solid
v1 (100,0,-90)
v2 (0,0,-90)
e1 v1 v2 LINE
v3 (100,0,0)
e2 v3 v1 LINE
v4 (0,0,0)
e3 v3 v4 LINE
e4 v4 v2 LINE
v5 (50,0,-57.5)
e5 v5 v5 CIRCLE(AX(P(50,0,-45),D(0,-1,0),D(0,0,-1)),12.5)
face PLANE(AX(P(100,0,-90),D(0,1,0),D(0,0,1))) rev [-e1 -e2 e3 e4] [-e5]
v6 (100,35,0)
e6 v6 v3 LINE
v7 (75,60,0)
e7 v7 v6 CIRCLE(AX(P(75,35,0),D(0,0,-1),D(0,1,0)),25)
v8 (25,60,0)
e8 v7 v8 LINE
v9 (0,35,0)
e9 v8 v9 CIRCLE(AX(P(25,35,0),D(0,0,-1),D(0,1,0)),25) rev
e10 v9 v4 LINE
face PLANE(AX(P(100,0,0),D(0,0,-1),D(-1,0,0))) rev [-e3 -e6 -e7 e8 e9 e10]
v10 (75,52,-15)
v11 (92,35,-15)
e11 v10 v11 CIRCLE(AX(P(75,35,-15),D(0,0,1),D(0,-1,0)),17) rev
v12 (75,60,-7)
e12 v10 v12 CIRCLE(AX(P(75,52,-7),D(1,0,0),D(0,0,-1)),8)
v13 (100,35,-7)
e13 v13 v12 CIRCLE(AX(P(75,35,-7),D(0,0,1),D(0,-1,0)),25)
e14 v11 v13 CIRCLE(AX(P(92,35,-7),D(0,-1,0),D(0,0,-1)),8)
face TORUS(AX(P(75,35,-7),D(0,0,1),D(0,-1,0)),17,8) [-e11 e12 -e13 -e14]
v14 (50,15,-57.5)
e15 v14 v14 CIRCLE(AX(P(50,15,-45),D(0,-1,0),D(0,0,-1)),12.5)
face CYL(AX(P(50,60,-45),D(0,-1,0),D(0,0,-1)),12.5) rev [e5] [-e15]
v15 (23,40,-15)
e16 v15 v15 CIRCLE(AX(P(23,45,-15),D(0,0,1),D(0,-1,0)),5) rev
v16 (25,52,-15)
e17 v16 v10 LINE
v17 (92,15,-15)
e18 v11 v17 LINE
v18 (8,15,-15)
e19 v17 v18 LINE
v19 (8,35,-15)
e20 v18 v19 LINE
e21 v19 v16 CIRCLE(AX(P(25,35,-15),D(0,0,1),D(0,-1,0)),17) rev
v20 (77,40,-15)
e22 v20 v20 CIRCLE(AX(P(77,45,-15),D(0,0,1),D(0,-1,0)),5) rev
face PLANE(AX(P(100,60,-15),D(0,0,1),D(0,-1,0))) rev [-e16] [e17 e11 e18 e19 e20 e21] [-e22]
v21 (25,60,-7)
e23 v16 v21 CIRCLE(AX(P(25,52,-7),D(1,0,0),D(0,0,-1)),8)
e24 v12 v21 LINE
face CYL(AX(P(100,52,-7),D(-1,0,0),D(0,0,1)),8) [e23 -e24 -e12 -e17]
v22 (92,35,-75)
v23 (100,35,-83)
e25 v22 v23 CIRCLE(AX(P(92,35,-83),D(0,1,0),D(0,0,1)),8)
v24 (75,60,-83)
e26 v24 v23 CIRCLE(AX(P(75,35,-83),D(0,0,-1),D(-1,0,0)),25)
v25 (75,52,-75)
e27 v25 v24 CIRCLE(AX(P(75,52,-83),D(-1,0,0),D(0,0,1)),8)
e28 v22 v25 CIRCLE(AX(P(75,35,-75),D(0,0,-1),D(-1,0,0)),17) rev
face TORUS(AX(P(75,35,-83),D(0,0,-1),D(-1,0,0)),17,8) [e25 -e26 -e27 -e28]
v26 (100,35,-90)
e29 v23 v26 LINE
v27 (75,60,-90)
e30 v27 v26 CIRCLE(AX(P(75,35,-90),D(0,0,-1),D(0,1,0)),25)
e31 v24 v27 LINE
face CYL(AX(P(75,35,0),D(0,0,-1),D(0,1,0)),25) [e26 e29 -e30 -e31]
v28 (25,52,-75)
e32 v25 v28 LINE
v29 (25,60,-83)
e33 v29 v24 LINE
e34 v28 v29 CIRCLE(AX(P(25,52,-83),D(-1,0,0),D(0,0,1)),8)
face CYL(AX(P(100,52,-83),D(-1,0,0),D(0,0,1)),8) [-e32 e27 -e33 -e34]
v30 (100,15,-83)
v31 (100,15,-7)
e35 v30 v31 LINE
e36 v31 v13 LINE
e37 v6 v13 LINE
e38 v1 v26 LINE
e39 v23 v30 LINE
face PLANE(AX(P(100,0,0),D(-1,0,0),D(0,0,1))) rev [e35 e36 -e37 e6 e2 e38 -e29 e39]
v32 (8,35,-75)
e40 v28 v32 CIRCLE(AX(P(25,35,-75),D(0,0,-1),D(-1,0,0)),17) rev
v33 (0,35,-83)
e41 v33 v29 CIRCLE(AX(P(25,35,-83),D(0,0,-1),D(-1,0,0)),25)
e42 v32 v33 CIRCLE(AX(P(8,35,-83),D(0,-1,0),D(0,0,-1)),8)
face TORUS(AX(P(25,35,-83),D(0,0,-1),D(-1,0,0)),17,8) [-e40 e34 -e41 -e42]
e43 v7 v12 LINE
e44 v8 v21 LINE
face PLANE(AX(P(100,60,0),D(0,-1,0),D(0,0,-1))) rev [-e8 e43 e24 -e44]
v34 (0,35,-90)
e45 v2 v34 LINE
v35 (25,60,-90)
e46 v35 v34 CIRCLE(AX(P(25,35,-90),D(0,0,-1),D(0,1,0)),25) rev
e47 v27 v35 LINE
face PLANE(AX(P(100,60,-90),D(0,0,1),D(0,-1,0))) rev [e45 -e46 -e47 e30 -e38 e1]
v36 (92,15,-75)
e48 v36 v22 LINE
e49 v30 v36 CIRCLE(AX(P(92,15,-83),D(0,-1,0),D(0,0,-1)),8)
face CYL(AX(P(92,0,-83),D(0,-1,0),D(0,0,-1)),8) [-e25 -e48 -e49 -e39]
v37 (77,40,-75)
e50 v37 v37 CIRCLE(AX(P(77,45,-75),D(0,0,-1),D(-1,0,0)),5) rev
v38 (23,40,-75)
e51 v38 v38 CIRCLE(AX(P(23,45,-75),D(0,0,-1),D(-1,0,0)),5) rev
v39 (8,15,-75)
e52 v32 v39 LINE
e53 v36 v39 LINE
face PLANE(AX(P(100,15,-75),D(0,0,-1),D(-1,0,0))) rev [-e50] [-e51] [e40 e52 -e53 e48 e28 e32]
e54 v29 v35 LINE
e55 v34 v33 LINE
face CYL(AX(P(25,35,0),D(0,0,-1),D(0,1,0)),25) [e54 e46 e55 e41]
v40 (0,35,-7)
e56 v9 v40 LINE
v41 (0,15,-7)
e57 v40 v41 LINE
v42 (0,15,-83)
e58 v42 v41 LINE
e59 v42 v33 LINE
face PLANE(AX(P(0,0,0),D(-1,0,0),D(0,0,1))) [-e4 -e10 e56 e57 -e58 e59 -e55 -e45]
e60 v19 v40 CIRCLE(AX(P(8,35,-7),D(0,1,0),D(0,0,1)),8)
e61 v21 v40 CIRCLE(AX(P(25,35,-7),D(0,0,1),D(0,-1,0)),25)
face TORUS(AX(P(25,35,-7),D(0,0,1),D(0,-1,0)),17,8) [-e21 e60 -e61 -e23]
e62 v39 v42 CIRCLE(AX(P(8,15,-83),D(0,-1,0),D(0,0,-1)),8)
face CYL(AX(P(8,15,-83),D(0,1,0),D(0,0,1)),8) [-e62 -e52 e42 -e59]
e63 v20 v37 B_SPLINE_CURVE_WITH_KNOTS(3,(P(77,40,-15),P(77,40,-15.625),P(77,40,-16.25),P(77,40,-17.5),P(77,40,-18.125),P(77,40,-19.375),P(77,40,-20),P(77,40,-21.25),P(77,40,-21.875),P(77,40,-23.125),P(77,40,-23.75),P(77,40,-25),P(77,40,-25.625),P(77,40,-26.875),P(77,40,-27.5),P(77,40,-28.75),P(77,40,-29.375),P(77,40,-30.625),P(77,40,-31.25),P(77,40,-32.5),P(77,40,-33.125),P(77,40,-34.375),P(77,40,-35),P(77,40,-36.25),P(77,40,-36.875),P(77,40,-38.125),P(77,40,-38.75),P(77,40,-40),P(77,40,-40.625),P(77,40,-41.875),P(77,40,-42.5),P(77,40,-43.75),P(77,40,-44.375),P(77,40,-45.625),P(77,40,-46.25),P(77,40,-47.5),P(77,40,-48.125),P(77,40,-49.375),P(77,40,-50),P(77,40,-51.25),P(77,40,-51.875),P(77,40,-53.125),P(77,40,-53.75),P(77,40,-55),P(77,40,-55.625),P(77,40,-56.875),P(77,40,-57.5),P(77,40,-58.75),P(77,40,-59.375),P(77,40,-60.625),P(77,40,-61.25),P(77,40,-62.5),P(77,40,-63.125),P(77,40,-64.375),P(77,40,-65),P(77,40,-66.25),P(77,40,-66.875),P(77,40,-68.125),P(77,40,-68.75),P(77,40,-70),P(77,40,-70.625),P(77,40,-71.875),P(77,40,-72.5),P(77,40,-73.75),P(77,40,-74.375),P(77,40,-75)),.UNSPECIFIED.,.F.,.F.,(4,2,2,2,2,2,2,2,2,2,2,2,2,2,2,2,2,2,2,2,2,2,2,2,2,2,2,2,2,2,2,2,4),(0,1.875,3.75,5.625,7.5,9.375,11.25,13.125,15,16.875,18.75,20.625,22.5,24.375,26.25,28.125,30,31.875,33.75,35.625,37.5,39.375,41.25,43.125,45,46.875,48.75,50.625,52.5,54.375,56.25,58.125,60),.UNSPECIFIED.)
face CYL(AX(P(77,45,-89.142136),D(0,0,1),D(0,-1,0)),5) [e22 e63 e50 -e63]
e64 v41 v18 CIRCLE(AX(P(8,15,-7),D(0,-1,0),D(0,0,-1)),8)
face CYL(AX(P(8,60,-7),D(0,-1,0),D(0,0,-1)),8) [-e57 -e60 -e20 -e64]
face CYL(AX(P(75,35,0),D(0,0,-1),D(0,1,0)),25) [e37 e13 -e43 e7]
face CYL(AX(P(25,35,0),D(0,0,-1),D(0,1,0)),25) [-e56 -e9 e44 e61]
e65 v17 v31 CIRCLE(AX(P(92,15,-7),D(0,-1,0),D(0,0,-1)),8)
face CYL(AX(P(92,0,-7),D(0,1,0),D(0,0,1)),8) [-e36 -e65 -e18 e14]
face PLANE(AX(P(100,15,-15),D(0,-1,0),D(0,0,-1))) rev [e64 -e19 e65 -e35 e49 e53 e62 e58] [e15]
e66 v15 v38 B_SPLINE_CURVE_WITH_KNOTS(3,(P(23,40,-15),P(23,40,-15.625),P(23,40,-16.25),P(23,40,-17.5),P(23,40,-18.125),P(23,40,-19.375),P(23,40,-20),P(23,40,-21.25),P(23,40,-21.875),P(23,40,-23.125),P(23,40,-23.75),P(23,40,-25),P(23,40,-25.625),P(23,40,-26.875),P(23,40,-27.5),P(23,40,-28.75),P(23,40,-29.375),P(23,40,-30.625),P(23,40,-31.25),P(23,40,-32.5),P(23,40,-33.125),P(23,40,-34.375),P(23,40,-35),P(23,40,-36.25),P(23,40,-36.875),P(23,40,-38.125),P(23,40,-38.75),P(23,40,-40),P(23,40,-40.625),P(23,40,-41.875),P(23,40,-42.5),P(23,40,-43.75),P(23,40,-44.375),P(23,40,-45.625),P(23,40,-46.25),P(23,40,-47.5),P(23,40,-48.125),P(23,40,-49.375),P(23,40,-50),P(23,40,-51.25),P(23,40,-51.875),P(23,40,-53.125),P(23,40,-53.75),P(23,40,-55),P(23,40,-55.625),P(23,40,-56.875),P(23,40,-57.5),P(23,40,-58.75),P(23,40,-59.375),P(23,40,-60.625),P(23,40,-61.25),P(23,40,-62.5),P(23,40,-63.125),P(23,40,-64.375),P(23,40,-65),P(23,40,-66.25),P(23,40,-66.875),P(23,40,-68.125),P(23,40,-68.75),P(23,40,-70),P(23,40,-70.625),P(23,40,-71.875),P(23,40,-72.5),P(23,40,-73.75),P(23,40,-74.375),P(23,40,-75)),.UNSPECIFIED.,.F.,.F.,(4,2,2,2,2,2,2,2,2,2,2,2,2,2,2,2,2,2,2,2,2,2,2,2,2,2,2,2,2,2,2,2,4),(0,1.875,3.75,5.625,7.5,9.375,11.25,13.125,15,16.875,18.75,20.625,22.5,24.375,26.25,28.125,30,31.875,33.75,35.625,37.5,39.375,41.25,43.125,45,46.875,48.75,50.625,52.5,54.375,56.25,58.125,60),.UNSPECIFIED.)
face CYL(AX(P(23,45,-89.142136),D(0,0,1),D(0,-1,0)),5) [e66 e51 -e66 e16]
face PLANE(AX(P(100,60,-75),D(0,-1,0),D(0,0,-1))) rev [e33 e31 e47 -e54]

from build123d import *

# Parameters (mm, degrees)
BOSS_EXTRUDE1_DEPTH = 100
SKETCH2_R           = 5
BOSS_EXTRUDE2_DEPTH = 60
SKETCH3_R           = 12.5
CUT_EXTRUDE1_DEPTH  = 148.309198627
CUT_EXTRUDE2_DEPTH  = 148.309198627
FILLET1_R           = 8


with BuildPart() as part:
    # Sketch1 → Boss-Extrude1 (new body)
    with BuildSketch(Plane(origin=(0, 0, 0), x_dir=(0, 0, -1), z_dir=(1, 0, 0))):
        Polygon((0, 0), (0, 60), (15, 60), (15, 15), (75, 15), (75, 60), (90, 60), (90, 0), align=None)
    extrude(amount=BOSS_EXTRUDE1_DEPTH)

    # Sketch2 → Boss-Extrude2 (add)
    with BuildSketch(Plane(origin=(0, 0, -15), x_dir=(-1, 0, 0), z_dir=(0, 0, -1))):
        with Locations(Location((-77, 45, 0), (0, 0, 270))):
            Circle(SKETCH2_R)
        with Locations(Location((-23, 45, 0), (0, 0, 270))):
            Circle(SKETCH2_R)
    extrude(amount=BOSS_EXTRUDE2_DEPTH)

    # Sketch3 → Cut-Extrude1 (cut, through all)
    with BuildSketch(Plane.XZ):
        with Locations(Location((50, -45, 0), (0, 0, 270))):
            Circle(SKETCH3_R)
    extrude(amount=-CUT_EXTRUDE1_DEPTH, mode=Mode.SUBTRACT)

    # Sketch4 → Cut-Extrude2 (cut, through all)
    with BuildSketch(Plane(origin=(0, 0, -90), x_dir=(-1, 0, 0), z_dir=(0, 0, -1))):
        with BuildLine():
            ThreePointArc((-100, 35), (-92.67766953, 52.67766953), (-75, 60))
            Line((-75, 60), (-100, 60))
            Line((-100, 60), (-100, 35))
        make_face()
        with BuildLine():
            ThreePointArc((-25, 60), (-7.32233047, 52.67766953), (0, 35))
            Line((0, 35), (0, 60))
            Line((0, 60), (-25, 60))
        make_face()
    extrude(amount=-CUT_EXTRUDE2_DEPTH, mode=Mode.SUBTRACT)

    # Fillet1
    fillet1_edges = [part.edges().sort_by_distance(p)[0] for p in [
        (100, 25, -15),
        (0, 25, -75),
        (100, 25, -75),
        (50, 60, -15),
        (50, 60, -75),
        (92.67766953, 52.67766953, -75),
        (92.67766953, 52.67766953, -15),
        (7.32233047, 52.67766953, -75),
        (7.32233047, 52.67766953, -15),
        (0, 25, -15),
    ]]
    fillet(fillet1_edges, radius=FILLET1_R)


solid = part.part
